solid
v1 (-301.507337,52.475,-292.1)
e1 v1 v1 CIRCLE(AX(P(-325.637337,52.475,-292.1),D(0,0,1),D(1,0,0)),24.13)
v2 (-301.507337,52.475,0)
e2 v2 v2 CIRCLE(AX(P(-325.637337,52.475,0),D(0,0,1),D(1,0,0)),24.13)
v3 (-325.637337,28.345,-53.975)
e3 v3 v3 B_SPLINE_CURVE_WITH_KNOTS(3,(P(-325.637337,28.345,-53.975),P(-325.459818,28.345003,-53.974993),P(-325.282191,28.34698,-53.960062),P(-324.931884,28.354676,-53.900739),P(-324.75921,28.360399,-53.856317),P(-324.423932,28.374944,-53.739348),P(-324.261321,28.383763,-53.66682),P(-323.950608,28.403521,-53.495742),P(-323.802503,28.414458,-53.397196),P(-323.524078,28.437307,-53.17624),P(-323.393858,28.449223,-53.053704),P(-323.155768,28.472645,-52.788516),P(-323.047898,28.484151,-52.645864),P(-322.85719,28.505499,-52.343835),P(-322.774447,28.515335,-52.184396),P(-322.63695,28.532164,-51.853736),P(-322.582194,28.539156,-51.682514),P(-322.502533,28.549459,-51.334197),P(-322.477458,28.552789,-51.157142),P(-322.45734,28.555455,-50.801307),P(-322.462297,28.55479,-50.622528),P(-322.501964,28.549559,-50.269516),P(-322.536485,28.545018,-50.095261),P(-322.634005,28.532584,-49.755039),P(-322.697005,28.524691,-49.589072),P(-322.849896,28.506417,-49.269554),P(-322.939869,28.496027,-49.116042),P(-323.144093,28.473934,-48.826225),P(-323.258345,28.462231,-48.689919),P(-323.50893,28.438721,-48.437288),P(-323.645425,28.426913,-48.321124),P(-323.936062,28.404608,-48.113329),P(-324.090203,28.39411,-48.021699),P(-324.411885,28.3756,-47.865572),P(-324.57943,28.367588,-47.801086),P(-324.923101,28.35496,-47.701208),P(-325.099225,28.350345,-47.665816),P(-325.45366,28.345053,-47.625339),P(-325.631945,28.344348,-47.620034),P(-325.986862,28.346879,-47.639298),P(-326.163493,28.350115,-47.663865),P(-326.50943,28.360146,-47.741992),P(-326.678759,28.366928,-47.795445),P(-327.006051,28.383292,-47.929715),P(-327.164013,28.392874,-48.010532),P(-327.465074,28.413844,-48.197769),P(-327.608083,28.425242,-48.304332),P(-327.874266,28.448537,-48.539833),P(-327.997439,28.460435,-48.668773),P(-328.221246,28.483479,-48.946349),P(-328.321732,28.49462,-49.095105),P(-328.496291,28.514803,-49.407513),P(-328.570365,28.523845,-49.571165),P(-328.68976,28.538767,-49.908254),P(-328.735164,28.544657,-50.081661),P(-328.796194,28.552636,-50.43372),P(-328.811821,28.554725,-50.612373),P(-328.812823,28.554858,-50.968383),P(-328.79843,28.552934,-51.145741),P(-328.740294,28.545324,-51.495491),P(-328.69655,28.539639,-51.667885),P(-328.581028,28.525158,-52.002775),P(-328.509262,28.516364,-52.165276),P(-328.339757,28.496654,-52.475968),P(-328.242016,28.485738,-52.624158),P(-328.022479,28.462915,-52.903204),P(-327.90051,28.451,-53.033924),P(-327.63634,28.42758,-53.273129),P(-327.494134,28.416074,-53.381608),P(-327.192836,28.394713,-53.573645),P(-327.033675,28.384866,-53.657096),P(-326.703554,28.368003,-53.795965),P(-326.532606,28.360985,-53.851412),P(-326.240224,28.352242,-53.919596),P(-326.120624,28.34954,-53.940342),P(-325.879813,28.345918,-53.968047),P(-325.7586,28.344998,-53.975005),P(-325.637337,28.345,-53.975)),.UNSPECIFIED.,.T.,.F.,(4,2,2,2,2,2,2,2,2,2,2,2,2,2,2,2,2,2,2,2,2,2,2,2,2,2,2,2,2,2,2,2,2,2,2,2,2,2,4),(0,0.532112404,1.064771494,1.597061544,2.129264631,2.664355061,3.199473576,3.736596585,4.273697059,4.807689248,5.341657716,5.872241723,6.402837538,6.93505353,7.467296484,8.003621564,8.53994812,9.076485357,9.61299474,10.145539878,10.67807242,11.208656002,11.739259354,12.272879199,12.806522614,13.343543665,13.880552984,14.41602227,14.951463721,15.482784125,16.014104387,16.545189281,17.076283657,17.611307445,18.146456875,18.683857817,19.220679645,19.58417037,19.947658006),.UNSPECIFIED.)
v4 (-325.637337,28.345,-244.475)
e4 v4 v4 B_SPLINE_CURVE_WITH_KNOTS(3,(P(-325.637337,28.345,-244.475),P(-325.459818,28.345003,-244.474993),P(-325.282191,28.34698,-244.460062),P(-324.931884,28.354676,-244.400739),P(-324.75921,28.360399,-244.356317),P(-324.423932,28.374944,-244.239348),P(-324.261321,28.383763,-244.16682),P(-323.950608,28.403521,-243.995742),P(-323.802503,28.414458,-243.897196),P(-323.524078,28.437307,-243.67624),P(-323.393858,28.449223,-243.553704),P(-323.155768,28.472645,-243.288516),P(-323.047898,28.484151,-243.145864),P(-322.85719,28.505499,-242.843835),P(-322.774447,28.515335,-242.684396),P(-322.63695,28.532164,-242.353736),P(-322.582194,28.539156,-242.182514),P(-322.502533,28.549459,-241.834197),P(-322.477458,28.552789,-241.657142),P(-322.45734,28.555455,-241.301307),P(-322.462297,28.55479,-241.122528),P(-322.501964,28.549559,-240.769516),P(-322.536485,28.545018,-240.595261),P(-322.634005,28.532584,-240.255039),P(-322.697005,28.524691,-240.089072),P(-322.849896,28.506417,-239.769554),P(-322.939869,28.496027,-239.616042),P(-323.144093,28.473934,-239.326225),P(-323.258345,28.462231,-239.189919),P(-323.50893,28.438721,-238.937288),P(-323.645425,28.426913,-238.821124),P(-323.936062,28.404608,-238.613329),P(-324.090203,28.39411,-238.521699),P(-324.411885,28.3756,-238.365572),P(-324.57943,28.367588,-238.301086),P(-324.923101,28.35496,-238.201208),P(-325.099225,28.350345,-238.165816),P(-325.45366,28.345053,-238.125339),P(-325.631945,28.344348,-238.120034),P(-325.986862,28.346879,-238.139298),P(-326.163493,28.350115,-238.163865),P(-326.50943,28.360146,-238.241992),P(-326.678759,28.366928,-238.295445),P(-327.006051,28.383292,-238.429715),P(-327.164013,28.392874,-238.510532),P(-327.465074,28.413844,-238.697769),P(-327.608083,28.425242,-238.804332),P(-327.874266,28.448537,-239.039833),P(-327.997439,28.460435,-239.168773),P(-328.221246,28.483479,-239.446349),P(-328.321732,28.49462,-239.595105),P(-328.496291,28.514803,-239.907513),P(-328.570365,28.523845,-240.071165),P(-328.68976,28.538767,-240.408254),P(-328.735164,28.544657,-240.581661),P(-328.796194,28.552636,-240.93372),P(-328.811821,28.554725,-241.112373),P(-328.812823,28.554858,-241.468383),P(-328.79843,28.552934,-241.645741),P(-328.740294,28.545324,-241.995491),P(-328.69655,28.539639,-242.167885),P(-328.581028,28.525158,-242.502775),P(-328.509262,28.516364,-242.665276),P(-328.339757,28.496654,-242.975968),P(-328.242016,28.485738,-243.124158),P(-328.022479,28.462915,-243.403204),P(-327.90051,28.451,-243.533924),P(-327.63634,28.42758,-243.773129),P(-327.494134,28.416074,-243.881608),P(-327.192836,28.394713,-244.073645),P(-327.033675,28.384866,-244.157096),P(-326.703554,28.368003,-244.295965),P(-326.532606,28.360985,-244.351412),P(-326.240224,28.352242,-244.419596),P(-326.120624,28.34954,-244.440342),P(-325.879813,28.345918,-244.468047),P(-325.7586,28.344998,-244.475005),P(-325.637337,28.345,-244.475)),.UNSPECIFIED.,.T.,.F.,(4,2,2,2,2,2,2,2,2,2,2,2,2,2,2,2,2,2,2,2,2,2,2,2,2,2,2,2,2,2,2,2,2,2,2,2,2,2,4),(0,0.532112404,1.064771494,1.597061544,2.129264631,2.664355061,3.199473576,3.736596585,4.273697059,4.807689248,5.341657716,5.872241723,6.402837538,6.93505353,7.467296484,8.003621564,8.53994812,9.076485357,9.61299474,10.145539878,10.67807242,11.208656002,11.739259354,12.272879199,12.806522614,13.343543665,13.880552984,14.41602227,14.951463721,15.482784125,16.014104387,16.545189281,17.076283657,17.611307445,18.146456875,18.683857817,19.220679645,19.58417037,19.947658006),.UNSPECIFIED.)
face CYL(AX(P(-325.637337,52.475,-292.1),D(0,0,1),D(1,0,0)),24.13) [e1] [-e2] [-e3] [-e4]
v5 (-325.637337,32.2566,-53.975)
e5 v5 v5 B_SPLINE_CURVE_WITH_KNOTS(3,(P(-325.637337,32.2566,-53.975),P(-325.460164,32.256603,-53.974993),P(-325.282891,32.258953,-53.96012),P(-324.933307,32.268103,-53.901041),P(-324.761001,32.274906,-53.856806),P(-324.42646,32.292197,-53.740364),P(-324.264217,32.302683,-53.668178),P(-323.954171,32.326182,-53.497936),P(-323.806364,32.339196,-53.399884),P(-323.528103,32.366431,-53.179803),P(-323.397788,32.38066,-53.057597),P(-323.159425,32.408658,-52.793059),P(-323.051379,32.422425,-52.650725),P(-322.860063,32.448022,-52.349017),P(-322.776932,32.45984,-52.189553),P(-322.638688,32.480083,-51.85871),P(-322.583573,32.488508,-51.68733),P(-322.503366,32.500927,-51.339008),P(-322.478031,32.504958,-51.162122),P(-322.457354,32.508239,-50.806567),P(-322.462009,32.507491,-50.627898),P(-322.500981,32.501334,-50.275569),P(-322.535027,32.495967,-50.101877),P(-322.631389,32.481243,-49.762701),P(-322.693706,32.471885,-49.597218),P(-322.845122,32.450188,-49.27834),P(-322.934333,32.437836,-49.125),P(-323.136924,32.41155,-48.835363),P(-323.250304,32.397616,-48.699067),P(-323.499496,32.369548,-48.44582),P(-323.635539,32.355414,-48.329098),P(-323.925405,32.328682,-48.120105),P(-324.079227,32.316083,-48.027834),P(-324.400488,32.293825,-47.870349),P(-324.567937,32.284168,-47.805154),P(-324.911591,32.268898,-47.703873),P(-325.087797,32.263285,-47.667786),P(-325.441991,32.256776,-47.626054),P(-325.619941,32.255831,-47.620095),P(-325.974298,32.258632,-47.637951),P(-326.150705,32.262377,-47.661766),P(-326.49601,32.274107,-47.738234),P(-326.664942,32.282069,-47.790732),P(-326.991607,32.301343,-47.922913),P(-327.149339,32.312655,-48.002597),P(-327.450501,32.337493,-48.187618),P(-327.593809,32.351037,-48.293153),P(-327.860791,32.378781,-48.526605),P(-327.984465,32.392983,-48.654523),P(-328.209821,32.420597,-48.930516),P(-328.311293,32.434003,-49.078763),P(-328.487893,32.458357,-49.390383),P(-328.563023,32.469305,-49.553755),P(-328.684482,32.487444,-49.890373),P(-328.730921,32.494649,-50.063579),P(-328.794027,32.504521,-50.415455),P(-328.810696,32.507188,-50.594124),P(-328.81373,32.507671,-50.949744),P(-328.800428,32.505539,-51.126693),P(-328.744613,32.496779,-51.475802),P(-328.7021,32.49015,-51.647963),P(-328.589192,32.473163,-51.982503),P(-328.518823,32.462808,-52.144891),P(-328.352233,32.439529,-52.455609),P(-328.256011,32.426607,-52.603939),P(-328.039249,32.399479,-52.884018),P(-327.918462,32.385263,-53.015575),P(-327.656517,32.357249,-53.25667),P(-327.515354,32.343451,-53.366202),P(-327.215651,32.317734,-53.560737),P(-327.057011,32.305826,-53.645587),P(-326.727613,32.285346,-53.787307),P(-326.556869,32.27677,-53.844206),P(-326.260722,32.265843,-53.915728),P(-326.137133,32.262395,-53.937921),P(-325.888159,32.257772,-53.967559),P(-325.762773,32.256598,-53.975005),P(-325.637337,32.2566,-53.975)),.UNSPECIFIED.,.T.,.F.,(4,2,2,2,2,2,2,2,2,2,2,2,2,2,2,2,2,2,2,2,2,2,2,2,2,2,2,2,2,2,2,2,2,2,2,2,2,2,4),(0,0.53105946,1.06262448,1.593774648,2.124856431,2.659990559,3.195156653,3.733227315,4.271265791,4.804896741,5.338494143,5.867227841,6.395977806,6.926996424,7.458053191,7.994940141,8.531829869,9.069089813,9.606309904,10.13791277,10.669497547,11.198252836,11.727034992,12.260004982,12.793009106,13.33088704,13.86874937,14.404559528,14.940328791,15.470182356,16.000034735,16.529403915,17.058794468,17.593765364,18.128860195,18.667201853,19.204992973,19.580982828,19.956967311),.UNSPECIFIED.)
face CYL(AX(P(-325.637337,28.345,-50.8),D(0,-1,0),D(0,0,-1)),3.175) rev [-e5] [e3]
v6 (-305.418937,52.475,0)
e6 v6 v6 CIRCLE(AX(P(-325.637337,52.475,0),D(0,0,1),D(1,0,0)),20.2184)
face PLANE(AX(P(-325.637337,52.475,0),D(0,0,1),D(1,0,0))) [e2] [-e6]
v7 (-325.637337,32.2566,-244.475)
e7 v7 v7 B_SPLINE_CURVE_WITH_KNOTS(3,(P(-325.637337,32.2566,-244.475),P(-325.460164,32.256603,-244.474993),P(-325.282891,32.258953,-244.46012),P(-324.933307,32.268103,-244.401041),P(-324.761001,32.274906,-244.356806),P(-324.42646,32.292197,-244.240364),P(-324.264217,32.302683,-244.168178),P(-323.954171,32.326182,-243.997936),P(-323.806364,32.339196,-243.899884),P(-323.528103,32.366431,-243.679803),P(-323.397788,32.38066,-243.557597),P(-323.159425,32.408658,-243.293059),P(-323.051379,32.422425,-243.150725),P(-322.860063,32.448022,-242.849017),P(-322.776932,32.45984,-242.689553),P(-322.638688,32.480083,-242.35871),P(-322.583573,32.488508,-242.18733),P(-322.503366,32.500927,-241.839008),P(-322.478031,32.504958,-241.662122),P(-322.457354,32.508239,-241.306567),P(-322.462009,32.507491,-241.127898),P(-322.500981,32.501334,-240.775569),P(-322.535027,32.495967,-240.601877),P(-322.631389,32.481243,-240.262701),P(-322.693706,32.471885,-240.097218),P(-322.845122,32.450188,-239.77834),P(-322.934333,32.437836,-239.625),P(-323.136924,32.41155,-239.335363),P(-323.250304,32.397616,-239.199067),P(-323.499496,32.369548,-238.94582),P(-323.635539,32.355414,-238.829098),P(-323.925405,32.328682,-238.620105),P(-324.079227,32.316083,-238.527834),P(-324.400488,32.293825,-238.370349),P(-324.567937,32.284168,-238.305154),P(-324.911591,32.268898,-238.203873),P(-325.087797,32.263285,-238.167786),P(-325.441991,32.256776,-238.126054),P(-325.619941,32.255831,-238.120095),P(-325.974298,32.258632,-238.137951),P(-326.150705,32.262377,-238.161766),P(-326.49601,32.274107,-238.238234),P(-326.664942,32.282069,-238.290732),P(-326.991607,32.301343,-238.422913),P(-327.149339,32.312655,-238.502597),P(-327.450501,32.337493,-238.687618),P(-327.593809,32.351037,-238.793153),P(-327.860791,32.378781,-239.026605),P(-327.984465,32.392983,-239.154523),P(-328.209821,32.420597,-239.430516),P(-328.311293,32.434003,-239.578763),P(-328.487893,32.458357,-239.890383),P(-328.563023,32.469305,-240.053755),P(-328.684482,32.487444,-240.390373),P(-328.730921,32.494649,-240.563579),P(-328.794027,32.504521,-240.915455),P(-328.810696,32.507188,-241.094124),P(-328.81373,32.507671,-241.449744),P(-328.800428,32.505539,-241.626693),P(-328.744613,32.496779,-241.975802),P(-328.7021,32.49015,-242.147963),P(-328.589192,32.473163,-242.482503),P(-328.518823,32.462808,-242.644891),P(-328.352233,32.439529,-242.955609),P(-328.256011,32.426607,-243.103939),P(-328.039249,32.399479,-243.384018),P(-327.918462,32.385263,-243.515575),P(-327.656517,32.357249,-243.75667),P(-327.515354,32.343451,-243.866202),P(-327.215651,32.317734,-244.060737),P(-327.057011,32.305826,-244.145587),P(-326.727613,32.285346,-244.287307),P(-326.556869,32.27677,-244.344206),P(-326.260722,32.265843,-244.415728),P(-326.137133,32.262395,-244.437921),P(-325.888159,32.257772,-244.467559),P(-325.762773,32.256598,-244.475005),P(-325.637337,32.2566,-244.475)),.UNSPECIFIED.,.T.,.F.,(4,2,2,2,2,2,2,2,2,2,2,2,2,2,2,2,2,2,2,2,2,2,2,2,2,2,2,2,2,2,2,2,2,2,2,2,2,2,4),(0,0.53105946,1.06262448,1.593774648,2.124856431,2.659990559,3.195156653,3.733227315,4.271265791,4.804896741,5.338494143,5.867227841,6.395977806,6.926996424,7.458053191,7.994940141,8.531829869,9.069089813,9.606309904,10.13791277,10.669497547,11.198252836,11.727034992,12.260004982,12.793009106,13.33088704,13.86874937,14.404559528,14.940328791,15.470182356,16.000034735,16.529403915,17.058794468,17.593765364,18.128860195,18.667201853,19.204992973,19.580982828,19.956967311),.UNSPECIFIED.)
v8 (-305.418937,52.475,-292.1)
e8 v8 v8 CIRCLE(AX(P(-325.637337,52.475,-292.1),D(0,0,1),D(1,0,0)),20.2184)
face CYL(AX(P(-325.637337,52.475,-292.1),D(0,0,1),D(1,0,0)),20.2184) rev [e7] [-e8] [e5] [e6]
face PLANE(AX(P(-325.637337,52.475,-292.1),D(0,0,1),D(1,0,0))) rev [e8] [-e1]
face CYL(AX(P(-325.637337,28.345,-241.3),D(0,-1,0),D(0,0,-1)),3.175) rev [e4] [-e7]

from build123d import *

# Parameters (mm, degrees)
SKETCH1_R                        = 24.13
SKETCH1_R_2                      = 20.2184
BOSS_EXTRUDE1_DEPTH              = 292.1
F_1_4_0_25_DIAMETER_HOLE1_REACH  = 460.245
F_1_4_0_25_DIAMETER_HOLE1_BORE_R = 3.175


with BuildPart() as part:
    # Sketch1 → Boss-Extrude1 (new body)
    with BuildSketch(Plane.XY):
        with Locations((-325.637336552, 52.475)):
            Circle(SKETCH1_R)
        with Locations((-325.637336552, 52.475)):
            Circle(SKETCH1_R_2, mode=Mode.SUBTRACT)
    extrude(amount=-BOSS_EXTRUDE1_DEPTH)

    # 1/4 (0.25) Diameter Hole1 bore → 1/4 (0.25) Diameter Hole1 (cut, up to next)
    with BuildSketch(Plane(origin=(0, 28.345, 0), x_dir=(-1, 0, 0), z_dir=(0, -1, 0)), mode=Mode.PRIVATE) as f_1_4_0_25_diameter_hole1_sk1:
        with Locations((325.637336552, 50.8)):
            Circle(F_1_4_0_25_DIAMETER_HOLE1_BORE_R)
    f_1_4_0_25_diameter_hole1_tool1 = extrude(f_1_4_0_25_diameter_hole1_sk1.sketch, amount=-F_1_4_0_25_DIAMETER_HOLE1_REACH, mode=Mode.PRIVATE) & part.part
    # 1/4 (0.25) Diameter Hole1 bore → 1/4 (0.25) Diameter Hole1 (cut, up to next)
    with BuildSketch(Plane(origin=(0, 28.345, 0), x_dir=(-1, 0, 0), z_dir=(0, -1, 0)), mode=Mode.PRIVATE) as f_1_4_0_25_diameter_hole1_sk2:
        with Locations((325.637336552, 241.3)):
            Circle(F_1_4_0_25_DIAMETER_HOLE1_BORE_R)
    f_1_4_0_25_diameter_hole1_tool2 = extrude(f_1_4_0_25_diameter_hole1_sk2.sketch, amount=-F_1_4_0_25_DIAMETER_HOLE1_REACH, mode=Mode.PRIVATE) & part.part
    add(f_1_4_0_25_diameter_hole1_tool1.solids().sort_by_distance((-325.637337, 28.345, -50.8))[0], mode=Mode.SUBTRACT)
    add(f_1_4_0_25_diameter_hole1_tool2.solids().sort_by_distance((-325.637337, 28.345, -241.3))[0], mode=Mode.SUBTRACT)


solid = part.part
